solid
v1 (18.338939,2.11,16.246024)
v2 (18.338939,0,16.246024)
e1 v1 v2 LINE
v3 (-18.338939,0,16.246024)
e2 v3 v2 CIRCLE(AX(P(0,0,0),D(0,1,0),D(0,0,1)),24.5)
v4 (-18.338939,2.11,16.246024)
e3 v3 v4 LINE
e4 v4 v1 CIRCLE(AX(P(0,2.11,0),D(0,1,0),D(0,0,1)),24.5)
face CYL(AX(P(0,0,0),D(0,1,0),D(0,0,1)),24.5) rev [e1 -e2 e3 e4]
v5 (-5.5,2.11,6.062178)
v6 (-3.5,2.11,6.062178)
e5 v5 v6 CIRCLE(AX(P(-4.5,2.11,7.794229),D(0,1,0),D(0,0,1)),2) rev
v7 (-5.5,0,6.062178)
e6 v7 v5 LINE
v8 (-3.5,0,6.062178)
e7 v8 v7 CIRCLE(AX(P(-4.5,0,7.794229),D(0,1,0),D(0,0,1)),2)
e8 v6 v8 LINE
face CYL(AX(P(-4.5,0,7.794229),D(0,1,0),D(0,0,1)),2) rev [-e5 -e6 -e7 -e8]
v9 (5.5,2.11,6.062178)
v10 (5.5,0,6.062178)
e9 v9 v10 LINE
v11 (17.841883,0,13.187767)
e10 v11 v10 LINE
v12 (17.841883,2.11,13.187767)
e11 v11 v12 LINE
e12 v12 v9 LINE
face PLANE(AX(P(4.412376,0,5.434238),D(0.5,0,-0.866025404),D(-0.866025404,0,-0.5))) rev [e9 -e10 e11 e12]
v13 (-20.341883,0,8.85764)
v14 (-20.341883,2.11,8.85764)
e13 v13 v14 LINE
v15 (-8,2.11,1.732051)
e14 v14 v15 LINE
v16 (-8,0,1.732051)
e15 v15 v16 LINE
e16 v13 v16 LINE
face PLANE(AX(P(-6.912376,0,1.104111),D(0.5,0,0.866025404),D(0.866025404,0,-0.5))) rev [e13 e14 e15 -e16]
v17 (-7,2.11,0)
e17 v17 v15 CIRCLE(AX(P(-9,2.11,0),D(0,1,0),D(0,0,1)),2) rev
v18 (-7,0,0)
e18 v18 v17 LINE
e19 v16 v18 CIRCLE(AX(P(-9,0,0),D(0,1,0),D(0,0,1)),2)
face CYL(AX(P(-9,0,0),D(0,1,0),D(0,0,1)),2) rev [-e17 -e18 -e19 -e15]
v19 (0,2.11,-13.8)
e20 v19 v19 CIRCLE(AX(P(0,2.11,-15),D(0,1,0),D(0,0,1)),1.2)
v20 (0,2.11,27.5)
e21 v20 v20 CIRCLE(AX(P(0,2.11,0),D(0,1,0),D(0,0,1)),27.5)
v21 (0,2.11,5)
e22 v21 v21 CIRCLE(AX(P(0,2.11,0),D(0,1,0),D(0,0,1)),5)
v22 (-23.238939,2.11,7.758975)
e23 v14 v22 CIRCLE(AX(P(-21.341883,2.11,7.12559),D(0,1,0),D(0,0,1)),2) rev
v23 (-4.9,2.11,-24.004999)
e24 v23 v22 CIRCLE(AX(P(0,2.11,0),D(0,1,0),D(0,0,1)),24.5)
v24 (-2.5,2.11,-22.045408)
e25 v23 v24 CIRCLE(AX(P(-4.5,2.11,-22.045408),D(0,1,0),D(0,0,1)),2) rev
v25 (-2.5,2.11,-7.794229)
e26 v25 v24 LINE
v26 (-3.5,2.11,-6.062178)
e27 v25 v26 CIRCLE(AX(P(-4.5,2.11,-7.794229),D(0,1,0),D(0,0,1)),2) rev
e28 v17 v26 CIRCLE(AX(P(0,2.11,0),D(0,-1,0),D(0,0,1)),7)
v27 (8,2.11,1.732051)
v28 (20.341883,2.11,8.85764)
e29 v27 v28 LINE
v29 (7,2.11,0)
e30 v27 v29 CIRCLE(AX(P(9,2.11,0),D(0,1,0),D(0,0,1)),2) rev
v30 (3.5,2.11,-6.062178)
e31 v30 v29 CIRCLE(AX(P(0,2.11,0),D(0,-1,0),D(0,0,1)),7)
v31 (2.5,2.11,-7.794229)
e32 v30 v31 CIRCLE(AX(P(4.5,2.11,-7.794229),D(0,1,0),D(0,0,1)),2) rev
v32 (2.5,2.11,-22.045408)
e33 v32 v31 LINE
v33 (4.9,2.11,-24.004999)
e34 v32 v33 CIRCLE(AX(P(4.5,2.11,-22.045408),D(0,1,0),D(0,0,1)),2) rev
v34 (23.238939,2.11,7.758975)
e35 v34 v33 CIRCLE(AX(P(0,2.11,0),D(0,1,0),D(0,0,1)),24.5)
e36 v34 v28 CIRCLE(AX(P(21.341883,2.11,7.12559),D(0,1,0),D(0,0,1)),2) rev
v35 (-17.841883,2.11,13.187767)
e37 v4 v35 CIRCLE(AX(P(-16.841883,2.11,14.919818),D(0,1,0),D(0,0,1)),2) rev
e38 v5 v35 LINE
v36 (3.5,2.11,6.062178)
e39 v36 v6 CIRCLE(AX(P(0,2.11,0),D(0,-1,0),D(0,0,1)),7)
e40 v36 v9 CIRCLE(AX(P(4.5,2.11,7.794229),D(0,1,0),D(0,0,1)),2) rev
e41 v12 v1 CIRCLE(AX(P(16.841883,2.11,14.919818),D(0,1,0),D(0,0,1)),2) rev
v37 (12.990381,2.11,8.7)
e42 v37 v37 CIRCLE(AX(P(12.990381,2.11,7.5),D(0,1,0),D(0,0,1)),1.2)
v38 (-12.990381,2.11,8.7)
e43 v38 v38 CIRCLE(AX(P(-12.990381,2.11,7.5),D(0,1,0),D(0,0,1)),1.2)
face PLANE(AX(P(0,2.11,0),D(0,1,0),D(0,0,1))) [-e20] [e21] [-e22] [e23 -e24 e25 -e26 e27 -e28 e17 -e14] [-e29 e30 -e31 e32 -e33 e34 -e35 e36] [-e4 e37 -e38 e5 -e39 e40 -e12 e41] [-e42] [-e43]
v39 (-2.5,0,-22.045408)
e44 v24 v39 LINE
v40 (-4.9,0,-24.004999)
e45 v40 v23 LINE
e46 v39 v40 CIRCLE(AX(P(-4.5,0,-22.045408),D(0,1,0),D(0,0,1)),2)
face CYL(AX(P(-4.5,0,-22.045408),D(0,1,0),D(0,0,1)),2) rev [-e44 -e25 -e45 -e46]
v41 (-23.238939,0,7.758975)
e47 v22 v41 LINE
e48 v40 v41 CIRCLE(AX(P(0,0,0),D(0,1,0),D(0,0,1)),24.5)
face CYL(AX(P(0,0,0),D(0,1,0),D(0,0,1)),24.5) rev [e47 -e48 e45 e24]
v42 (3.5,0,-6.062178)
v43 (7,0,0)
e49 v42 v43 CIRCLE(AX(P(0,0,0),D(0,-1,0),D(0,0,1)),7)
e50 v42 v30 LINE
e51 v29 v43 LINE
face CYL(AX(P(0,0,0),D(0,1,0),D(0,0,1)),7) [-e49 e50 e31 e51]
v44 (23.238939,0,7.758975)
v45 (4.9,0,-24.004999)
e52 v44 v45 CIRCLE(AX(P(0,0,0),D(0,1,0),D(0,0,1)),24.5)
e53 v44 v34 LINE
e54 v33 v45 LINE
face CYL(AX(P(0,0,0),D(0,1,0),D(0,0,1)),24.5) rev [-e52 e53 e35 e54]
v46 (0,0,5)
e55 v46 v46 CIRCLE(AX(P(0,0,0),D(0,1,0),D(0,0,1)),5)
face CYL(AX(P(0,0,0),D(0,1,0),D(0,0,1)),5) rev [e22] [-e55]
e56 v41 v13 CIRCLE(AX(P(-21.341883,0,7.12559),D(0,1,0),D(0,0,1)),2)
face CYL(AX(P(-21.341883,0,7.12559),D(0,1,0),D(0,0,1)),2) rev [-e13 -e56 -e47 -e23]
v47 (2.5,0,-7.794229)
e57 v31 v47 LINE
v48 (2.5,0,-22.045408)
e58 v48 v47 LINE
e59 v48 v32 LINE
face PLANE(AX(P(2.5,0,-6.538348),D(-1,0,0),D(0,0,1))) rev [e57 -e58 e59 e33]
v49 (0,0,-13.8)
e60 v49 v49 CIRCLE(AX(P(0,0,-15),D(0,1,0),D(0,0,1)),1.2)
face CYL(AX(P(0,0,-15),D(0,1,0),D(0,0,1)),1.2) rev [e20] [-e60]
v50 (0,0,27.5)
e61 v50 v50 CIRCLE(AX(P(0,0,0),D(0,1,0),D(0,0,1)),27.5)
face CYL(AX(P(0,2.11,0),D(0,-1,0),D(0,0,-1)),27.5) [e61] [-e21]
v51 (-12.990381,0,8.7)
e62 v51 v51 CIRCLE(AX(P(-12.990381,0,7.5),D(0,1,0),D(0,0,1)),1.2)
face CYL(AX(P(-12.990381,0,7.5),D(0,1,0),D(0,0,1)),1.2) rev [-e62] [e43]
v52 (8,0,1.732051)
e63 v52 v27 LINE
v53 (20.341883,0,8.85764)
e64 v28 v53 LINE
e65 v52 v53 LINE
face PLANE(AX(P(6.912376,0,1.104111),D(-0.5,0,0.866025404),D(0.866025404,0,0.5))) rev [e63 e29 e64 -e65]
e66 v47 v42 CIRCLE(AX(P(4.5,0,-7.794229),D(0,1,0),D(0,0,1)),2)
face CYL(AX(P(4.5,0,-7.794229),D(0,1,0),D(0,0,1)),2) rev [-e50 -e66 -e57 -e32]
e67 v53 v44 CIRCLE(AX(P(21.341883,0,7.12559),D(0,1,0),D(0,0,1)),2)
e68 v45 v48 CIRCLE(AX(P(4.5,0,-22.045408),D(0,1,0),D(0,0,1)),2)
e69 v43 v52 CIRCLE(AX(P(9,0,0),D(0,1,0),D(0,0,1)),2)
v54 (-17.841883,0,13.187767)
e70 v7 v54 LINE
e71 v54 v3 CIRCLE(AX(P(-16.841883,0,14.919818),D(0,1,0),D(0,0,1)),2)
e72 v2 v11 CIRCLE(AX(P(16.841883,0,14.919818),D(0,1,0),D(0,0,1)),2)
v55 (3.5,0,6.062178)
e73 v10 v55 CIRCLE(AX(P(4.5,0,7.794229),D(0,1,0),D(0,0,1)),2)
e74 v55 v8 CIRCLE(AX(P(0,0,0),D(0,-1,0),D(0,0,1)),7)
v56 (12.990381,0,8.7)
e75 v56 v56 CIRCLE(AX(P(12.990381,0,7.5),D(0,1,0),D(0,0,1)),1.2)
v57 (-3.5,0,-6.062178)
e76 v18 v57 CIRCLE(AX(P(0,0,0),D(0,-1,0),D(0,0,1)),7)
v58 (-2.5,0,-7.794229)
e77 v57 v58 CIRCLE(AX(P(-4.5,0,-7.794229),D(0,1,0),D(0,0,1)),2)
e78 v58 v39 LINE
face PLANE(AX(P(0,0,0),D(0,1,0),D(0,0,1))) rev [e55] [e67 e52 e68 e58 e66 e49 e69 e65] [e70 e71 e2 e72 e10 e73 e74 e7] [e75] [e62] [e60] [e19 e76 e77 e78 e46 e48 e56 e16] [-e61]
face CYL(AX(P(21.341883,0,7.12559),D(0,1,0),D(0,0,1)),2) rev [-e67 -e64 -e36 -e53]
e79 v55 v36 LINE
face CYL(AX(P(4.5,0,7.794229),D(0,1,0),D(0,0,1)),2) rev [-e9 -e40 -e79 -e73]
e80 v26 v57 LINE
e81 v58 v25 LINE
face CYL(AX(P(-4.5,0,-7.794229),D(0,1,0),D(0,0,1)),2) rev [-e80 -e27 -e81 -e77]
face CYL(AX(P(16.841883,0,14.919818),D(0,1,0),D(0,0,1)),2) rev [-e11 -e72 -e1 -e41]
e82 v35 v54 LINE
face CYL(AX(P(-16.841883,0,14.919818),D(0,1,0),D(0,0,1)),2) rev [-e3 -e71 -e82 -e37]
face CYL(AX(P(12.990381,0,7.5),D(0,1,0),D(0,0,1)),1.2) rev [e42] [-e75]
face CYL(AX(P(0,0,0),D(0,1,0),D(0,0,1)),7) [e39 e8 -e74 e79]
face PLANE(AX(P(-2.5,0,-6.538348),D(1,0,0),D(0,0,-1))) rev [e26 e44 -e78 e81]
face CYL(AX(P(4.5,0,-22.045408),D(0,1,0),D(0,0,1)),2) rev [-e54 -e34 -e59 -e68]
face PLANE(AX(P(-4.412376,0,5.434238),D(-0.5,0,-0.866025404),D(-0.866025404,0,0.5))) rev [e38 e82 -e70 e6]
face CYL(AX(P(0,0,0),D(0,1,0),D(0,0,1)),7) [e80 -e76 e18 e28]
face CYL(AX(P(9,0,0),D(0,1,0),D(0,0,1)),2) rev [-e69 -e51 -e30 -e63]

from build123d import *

# Parameters (mm, degrees)
CROQUIS1_R              = 27.5
SALIENTE_EXTRUIR1_DEPTH = 2.11
CROQUIS2_R              = 1.2
CROQUIS2_R_2            = 5
CORTAR_EXTRUIR1_DEPTH   = 3.11
REDONDEO1_R             = 2


with BuildPart() as part:
    # Croquis1 → Saliente-Extruir1 (new body)
    with BuildSketch(Plane(origin=(0, 0, 0), x_dir=(1, 0, 0), z_dir=(0, 1, 0))):
        Circle(CROQUIS1_R)
    extrude(amount=SALIENTE_EXTRUIR1_DEPTH)

    # Croquis2 → Cortar-Extruir1 (cut, through all)
    with BuildSketch(Plane(origin=(0, 2.11, 0), x_dir=(1, 0, 0), z_dir=(0, 1, 0))):
        with Locations((0, 15)):
            Circle(CROQUIS2_R)
        with Locations((12.990381057, -7.5)):
            Circle(CROQUIS2_R)
        with Locations((-12.990381057, -7.5)):
            Circle(CROQUIS2_R)
        Circle(CROQUIS2_R_2)
        with BuildLine():
            Line((-2.5, 6.538348415), (-2.5, 24.372115214))
            ThreePointArc((-2.5, 24.372115214), (-21.217622393, 12.25), (-22.356870919, -10.020994097))
            Line((-22.356870919, -10.020994097), (-6.912375826, -1.104110698))
            ThreePointArc((-6.912375826, -1.104110698), (-6.062177826, 3.5), (-2.5, 6.538348415))
        make_face()
        with BuildLine():
            Line((2.5, 6.538348415), (2.5, 24.372115214))
            ThreePointArc((2.5, 24.372115214), (21.217622393, 12.25), (22.356870919, -10.020994097))
            Line((22.356870919, -10.020994097), (6.912375826, -1.104110698))
            ThreePointArc((6.912375826, -1.104110698), (6.062177826, 3.5), (2.5, 6.538348415))
        make_face()
        with BuildLine():
            Line((4.412375826, -5.434237717), (19.856870919, -14.351121116))
            ThreePointArc((19.856870919, -14.351121116), (0, -24.5), (-19.856870919, -14.351121116))
            Line((-19.856870919, -14.351121116), (-4.412375826, -5.434237717))
            ThreePointArc((-4.412375826, -5.434237717), (0, -7), (4.412375826, -5.434237717))
        make_face()
    extrude(amount=-CORTAR_EXTRUIR1_DEPTH, mode=Mode.SUBTRACT)

    # Redondeo1
    redondeo1_edges = [part.edges().sort_by_distance(p)[0] for p in [
        (-2.5, 1.055, -6.538348415),
        (-6.912375826, 1.055, 1.104110698),
        (-22.356870919, 1.055, 10.020994097),
        (-2.5, 1.055, -24.372115214),
        (-4.412375826, 1.055, 5.434237717),
        (4.412375826, 1.055, 5.434237717),
        (19.856870919, 1.055, 14.351121116),
        (-19.856870919, 1.055, 14.351121116),
        (6.912375826, 1.055, 1.104110698),
        (2.5, 1.055, -6.538348415),
        (2.5, 1.055, -24.372115214),
        (22.356870919, 1.055, 10.020994097),
    ]]
    fillet(redondeo1_edges, radius=REDONDEO1_R)


solid = part.part
